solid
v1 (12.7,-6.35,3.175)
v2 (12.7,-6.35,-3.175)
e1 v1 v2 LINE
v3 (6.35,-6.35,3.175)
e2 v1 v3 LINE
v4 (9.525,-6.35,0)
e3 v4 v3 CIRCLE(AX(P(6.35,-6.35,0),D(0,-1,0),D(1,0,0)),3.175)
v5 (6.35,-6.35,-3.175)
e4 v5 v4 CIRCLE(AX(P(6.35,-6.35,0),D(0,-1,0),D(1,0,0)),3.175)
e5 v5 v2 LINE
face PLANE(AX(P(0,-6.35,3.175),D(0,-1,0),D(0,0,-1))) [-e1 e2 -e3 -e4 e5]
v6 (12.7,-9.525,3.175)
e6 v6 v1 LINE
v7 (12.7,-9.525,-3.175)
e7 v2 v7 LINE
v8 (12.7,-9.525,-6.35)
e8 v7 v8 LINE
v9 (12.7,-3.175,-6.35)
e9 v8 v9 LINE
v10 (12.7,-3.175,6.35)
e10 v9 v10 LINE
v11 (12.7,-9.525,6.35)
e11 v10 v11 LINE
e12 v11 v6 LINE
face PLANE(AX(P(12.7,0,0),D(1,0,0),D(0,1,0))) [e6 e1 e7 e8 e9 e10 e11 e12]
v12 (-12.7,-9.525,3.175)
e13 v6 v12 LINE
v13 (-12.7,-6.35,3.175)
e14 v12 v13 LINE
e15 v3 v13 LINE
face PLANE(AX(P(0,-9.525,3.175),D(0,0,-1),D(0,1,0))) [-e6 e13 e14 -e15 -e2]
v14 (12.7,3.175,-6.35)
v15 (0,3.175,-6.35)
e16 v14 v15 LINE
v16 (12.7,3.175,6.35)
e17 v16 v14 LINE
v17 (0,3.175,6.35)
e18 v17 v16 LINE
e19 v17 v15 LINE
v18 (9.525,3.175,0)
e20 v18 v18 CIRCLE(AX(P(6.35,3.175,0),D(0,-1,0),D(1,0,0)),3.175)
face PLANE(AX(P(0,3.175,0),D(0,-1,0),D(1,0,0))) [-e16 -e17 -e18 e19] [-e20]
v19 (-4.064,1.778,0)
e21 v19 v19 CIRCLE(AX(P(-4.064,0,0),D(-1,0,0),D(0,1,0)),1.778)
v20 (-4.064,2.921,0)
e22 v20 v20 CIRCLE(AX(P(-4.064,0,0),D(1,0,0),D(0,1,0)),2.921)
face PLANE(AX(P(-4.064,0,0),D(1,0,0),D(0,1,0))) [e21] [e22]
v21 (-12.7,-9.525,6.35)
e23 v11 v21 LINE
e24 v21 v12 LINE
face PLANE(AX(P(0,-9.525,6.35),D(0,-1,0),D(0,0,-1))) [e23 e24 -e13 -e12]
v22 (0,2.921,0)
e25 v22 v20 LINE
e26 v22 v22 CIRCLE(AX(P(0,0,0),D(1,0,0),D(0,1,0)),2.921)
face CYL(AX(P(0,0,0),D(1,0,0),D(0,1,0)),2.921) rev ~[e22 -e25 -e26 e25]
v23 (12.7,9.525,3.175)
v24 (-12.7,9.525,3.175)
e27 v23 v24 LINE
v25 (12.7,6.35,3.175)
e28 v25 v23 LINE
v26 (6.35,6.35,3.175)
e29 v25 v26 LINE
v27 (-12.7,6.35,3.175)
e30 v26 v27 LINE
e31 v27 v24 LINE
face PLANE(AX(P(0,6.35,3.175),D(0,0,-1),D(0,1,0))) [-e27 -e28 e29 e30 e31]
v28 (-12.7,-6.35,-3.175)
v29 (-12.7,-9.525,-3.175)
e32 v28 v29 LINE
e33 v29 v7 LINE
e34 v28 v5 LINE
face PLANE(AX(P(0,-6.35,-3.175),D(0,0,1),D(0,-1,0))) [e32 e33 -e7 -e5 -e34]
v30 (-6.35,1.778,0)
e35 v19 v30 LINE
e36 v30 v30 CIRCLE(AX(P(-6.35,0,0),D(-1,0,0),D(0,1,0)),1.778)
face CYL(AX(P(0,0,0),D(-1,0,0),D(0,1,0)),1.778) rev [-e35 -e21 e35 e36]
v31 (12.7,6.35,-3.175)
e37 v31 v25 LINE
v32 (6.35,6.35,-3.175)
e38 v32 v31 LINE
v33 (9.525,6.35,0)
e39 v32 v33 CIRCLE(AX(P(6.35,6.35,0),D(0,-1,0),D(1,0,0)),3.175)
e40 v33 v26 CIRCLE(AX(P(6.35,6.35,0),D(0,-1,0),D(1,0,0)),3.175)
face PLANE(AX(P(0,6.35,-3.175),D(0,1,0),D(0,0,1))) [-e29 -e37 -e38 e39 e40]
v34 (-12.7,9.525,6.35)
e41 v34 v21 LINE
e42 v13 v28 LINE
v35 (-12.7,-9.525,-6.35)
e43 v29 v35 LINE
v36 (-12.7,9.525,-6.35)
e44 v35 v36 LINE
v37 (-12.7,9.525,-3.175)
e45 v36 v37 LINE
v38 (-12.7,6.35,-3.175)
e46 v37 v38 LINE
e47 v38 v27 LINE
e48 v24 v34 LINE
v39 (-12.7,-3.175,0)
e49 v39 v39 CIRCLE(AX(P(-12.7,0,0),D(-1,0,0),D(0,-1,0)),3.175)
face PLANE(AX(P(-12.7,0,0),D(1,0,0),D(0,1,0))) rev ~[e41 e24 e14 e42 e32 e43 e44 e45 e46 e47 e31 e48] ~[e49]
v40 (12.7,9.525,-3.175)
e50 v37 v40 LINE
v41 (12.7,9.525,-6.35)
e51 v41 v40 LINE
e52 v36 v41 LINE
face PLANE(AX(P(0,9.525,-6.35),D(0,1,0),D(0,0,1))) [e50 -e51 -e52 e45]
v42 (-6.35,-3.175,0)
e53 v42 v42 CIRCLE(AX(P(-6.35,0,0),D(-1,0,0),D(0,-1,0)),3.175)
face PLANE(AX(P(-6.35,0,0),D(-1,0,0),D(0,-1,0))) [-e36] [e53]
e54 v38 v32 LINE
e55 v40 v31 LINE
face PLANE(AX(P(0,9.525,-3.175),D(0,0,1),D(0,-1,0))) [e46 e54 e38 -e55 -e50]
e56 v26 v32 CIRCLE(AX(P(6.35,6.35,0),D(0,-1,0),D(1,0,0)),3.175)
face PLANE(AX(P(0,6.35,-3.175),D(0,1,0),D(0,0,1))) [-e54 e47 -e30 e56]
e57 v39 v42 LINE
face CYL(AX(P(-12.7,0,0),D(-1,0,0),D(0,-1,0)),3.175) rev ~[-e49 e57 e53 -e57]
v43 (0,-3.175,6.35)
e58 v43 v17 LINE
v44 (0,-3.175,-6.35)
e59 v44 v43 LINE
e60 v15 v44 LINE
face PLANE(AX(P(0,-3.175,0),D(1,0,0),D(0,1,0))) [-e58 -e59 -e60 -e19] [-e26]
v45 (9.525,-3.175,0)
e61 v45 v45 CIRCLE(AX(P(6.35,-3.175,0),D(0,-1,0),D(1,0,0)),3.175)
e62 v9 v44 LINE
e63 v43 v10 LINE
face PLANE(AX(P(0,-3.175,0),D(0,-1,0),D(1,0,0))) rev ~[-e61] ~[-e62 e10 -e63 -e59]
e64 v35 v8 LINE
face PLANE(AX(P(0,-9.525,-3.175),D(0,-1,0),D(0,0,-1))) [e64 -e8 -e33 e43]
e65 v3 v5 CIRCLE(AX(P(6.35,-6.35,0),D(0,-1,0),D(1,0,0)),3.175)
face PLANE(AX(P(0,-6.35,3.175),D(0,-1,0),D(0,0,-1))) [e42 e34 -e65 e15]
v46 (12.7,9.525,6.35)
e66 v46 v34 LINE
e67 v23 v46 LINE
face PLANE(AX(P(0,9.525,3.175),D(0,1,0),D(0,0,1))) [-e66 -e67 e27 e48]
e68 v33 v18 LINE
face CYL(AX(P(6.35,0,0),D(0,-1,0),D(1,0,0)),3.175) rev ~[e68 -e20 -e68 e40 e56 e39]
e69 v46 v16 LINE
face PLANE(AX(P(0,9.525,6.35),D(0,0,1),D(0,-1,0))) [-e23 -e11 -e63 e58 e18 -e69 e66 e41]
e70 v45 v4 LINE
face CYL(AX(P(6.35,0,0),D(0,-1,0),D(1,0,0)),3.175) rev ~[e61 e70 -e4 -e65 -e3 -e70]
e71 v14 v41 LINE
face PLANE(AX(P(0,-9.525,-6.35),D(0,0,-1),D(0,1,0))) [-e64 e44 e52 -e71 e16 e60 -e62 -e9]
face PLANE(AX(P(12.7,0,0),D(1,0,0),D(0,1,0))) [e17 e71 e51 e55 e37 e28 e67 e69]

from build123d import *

# Parameters (mm, degrees)
F0_R     = 1.778
F1_DEPTH = 12.7
F2_R     = 3.175
F3_DEPTH = 12.7
F4_W     = 12.7
F4_H     = 6.35
F5_DEPTH = 12.7
F6_R     = 2.921
F7_DEPTH = 4.064
F8_R     = 3.175
F9_DEPTH = 6.35


with BuildPart() as f1:
    # F0 (on Right) → F1 (new body, symmetric)
    with BuildSketch(Plane.YZ):
        Polygon((-6.35, 3.175), (-6.35, -3.175), (-9.525, -3.175), (-9.525, -6.35), (9.525, -6.35), (9.525, -3.175), (6.35, -3.175), (6.35, 3.175), (9.525, 3.175), (9.525, 6.35), (-9.525, 6.35), (-9.525, 3.175), align=None)
        Circle(F0_R, mode=Mode.SUBTRACT)
    extrude(amount=F1_DEPTH, both=True)

    # F2 (on Front) → F3 (cut, symmetric)
    with BuildSketch(Plane.XZ):
        with Locations((6.35, 0)):
            Circle(F2_R)
    extrude(amount=F3_DEPTH, both=True, mode=Mode.SUBTRACT)

    # F4 (on Top) → F5 (cut, symmetric)
    with BuildSketch(Plane.XY):
        with Locations((6.35, 0)):
            Rectangle(F4_W, F4_H)
    extrude(amount=F5_DEPTH, both=True, mode=Mode.SUBTRACT)

    # F6 (on face) → F7 (cut)
    with BuildSketch(Plane.YZ):
        Circle(F6_R)
    extrude(amount=-F7_DEPTH, mode=Mode.SUBTRACT)

    # F8 (on face) → F9 (cut)
    with BuildSketch(Plane(origin=(-12.7, 0, 0), x_dir=(0, -1, 0), z_dir=(-1, 0, 0))):
        Circle(F8_R)
    extrude(amount=-F9_DEPTH, mode=Mode.SUBTRACT)


solid = f1.part
